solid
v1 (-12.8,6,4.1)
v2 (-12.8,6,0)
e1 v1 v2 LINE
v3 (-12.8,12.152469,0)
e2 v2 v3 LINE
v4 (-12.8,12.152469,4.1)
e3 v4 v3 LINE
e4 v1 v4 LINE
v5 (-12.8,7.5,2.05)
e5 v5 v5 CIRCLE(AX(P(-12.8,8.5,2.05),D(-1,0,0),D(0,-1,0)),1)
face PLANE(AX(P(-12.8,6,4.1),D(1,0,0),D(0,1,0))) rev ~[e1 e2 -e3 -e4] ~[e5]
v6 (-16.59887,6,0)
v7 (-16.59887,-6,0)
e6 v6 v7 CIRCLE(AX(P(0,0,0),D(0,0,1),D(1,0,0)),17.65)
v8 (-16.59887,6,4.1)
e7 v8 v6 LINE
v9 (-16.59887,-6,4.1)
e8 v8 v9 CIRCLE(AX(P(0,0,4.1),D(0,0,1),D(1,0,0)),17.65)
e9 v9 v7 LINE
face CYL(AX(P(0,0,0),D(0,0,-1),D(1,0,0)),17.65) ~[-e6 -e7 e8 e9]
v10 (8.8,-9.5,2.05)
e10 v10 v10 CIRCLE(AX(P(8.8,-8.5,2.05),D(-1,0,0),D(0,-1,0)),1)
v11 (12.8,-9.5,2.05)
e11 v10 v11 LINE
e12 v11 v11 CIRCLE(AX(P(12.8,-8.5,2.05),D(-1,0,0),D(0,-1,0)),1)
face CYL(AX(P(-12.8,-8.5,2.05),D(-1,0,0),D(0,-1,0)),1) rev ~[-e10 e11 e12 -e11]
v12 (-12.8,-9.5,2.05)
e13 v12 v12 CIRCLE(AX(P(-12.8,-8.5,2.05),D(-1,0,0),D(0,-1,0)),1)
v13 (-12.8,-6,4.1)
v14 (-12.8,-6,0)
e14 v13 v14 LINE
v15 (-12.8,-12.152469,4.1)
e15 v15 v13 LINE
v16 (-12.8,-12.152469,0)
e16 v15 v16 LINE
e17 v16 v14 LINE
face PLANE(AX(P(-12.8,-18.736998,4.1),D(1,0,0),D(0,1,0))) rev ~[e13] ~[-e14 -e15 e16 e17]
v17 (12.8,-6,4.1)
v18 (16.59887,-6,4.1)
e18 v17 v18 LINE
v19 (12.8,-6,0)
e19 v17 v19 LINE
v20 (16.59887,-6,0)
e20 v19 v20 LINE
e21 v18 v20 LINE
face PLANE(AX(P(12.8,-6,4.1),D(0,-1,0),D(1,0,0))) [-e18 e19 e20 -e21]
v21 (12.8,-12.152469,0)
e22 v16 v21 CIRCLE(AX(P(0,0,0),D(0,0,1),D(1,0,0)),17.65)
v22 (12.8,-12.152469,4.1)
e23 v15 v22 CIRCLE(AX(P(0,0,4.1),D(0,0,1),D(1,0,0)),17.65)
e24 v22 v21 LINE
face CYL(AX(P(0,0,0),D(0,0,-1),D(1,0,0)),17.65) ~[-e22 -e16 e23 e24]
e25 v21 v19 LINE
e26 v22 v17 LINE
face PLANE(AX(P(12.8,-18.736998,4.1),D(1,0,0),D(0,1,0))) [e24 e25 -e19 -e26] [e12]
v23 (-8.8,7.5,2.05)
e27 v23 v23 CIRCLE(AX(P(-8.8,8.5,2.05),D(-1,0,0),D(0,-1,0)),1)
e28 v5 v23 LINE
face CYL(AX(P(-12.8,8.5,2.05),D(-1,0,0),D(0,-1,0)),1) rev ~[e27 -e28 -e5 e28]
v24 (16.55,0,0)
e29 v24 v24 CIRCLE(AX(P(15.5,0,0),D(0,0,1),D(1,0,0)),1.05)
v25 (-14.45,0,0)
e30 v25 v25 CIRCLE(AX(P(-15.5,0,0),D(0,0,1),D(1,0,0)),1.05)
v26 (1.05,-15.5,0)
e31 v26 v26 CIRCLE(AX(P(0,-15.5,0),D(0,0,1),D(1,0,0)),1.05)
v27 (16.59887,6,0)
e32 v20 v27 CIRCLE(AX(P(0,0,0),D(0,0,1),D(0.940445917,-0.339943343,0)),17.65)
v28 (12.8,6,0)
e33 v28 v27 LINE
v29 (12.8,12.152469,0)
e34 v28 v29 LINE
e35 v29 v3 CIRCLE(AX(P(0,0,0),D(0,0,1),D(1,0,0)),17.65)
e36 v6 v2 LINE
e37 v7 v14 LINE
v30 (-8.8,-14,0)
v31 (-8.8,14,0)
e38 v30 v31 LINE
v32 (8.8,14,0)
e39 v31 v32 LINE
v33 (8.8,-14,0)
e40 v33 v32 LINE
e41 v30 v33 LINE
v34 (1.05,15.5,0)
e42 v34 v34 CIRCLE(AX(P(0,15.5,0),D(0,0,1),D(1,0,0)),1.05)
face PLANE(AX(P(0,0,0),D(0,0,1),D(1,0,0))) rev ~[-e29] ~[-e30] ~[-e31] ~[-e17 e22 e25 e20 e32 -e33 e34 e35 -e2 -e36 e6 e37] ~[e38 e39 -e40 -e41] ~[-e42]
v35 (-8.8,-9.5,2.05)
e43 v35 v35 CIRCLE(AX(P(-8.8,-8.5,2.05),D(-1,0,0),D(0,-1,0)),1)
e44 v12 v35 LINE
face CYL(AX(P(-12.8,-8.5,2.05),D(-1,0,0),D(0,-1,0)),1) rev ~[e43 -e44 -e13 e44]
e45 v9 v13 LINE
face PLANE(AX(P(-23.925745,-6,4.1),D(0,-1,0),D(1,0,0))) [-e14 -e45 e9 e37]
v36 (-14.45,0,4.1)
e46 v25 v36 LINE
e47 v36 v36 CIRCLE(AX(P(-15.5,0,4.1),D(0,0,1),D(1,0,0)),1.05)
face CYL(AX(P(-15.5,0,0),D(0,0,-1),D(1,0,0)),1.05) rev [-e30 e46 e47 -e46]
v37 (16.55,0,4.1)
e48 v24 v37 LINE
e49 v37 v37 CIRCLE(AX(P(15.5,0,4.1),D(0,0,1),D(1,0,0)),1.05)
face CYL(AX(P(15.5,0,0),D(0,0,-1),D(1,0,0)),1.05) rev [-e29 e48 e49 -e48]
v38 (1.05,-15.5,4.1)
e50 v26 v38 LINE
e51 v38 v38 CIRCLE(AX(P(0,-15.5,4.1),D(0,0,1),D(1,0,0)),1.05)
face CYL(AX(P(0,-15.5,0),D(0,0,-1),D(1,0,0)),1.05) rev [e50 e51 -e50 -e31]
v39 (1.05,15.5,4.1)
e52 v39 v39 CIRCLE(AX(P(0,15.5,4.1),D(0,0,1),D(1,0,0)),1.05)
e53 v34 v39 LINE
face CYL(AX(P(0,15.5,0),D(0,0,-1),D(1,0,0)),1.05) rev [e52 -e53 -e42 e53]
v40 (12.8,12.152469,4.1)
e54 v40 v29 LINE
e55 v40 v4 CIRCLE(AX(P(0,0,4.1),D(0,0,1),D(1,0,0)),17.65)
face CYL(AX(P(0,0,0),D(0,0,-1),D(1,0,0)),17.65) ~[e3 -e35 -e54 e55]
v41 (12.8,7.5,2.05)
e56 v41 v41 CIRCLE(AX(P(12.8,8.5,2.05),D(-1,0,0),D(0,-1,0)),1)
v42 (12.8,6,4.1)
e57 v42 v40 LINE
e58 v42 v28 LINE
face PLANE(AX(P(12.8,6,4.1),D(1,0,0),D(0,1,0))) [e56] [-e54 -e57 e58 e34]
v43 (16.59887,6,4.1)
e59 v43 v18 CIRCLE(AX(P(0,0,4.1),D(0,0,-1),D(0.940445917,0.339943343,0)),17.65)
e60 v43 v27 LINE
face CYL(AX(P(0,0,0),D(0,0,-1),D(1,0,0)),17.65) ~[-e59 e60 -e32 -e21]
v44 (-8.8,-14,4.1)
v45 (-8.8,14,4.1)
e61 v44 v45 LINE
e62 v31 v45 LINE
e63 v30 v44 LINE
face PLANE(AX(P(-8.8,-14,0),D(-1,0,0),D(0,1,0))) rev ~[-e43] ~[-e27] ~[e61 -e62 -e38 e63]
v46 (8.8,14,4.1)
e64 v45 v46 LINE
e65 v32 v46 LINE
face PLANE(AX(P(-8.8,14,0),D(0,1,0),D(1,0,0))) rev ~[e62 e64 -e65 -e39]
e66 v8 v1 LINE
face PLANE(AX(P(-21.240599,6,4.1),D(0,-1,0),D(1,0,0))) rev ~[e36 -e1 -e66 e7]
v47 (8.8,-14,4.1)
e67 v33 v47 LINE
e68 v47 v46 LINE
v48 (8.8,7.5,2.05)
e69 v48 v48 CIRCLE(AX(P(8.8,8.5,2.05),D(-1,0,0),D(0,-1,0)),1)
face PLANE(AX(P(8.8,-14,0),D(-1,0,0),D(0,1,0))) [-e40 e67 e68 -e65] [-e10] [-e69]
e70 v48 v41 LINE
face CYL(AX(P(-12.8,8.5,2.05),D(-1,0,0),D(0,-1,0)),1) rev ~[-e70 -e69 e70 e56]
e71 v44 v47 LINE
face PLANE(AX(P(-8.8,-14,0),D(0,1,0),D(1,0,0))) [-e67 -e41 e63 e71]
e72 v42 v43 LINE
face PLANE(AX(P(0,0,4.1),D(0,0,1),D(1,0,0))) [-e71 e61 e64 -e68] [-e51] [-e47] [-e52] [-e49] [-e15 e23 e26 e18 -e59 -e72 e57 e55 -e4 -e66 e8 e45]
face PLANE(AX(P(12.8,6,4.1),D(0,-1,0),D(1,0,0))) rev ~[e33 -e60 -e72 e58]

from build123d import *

# Parameters (mm, degrees)
F0_R     = 17.65
F0_R_2   = 1.05
F0_W     = 17.6
F0_H     = 28
F1_DEPTH = 4.1
F2_W     = 8.4405994534
F2_H     = 9.594688829
F2_W_2   = 9.8450831422
F2_H_2   = 12.0924381804
F2_W_3   = 11.2190096889
F2_H_3   = 12.7369980328
F2_W_4   = 11.1257450883
F3_DEPTH = 4.101
F4_R     = 1
F5_DEPTH = 30.451


with BuildPart() as f1:
    # F0 (on Top) → F1 (new body)
    with BuildSketch(Plane.XY):
        Circle(F0_R)
        with Locations((0, -15.5)):
            Circle(F0_R_2, mode=Mode.SUBTRACT)
        with Locations((-15.5, 0)):
            Circle(F0_R_2, mode=Mode.SUBTRACT)
        Rectangle(F0_W, F0_H, mode=Mode.SUBTRACT)
        with Locations((15.5, 0)):
            Circle(F0_R_2, mode=Mode.SUBTRACT)
        with Locations((0, 15.5)):
            Circle(F0_R_2, mode=Mode.SUBTRACT)
    extrude(amount=F1_DEPTH)

    # F2 (on face) → F3 (cut, through all)
    with BuildSketch(Plane.XY.offset(4.1)):
        with Locations((-17.0202997267, 10.7973444145)):
            Rectangle(F2_W, F2_H)
        with Locations((17.7225415711, 12.0462190902)):
            Rectangle(F2_W_2, F2_H_2)
        with Locations((18.4095048444, -12.3684990164)):
            Rectangle(F2_W_3, F2_H_3)
        with Locations((-18.3628725441, -12.3684990164)):
            Rectangle(F2_W_4, F2_H_3)
    extrude(amount=-F3_DEPTH, mode=Mode.SUBTRACT)

    # F4 (on face) → F5 (cut, through all)
    with BuildSketch(Plane(origin=(-12.8, 0, 0), x_dir=(0, -1, 0), z_dir=(-1, 0, 0))):
        with Locations((-8.5, 2.05)):
            Circle(F4_R)
        with Locations((8.5, 2.05)):
            Circle(F4_R)
    extrude(amount=-F5_DEPTH, mode=Mode.SUBTRACT)


solid = f1.part
